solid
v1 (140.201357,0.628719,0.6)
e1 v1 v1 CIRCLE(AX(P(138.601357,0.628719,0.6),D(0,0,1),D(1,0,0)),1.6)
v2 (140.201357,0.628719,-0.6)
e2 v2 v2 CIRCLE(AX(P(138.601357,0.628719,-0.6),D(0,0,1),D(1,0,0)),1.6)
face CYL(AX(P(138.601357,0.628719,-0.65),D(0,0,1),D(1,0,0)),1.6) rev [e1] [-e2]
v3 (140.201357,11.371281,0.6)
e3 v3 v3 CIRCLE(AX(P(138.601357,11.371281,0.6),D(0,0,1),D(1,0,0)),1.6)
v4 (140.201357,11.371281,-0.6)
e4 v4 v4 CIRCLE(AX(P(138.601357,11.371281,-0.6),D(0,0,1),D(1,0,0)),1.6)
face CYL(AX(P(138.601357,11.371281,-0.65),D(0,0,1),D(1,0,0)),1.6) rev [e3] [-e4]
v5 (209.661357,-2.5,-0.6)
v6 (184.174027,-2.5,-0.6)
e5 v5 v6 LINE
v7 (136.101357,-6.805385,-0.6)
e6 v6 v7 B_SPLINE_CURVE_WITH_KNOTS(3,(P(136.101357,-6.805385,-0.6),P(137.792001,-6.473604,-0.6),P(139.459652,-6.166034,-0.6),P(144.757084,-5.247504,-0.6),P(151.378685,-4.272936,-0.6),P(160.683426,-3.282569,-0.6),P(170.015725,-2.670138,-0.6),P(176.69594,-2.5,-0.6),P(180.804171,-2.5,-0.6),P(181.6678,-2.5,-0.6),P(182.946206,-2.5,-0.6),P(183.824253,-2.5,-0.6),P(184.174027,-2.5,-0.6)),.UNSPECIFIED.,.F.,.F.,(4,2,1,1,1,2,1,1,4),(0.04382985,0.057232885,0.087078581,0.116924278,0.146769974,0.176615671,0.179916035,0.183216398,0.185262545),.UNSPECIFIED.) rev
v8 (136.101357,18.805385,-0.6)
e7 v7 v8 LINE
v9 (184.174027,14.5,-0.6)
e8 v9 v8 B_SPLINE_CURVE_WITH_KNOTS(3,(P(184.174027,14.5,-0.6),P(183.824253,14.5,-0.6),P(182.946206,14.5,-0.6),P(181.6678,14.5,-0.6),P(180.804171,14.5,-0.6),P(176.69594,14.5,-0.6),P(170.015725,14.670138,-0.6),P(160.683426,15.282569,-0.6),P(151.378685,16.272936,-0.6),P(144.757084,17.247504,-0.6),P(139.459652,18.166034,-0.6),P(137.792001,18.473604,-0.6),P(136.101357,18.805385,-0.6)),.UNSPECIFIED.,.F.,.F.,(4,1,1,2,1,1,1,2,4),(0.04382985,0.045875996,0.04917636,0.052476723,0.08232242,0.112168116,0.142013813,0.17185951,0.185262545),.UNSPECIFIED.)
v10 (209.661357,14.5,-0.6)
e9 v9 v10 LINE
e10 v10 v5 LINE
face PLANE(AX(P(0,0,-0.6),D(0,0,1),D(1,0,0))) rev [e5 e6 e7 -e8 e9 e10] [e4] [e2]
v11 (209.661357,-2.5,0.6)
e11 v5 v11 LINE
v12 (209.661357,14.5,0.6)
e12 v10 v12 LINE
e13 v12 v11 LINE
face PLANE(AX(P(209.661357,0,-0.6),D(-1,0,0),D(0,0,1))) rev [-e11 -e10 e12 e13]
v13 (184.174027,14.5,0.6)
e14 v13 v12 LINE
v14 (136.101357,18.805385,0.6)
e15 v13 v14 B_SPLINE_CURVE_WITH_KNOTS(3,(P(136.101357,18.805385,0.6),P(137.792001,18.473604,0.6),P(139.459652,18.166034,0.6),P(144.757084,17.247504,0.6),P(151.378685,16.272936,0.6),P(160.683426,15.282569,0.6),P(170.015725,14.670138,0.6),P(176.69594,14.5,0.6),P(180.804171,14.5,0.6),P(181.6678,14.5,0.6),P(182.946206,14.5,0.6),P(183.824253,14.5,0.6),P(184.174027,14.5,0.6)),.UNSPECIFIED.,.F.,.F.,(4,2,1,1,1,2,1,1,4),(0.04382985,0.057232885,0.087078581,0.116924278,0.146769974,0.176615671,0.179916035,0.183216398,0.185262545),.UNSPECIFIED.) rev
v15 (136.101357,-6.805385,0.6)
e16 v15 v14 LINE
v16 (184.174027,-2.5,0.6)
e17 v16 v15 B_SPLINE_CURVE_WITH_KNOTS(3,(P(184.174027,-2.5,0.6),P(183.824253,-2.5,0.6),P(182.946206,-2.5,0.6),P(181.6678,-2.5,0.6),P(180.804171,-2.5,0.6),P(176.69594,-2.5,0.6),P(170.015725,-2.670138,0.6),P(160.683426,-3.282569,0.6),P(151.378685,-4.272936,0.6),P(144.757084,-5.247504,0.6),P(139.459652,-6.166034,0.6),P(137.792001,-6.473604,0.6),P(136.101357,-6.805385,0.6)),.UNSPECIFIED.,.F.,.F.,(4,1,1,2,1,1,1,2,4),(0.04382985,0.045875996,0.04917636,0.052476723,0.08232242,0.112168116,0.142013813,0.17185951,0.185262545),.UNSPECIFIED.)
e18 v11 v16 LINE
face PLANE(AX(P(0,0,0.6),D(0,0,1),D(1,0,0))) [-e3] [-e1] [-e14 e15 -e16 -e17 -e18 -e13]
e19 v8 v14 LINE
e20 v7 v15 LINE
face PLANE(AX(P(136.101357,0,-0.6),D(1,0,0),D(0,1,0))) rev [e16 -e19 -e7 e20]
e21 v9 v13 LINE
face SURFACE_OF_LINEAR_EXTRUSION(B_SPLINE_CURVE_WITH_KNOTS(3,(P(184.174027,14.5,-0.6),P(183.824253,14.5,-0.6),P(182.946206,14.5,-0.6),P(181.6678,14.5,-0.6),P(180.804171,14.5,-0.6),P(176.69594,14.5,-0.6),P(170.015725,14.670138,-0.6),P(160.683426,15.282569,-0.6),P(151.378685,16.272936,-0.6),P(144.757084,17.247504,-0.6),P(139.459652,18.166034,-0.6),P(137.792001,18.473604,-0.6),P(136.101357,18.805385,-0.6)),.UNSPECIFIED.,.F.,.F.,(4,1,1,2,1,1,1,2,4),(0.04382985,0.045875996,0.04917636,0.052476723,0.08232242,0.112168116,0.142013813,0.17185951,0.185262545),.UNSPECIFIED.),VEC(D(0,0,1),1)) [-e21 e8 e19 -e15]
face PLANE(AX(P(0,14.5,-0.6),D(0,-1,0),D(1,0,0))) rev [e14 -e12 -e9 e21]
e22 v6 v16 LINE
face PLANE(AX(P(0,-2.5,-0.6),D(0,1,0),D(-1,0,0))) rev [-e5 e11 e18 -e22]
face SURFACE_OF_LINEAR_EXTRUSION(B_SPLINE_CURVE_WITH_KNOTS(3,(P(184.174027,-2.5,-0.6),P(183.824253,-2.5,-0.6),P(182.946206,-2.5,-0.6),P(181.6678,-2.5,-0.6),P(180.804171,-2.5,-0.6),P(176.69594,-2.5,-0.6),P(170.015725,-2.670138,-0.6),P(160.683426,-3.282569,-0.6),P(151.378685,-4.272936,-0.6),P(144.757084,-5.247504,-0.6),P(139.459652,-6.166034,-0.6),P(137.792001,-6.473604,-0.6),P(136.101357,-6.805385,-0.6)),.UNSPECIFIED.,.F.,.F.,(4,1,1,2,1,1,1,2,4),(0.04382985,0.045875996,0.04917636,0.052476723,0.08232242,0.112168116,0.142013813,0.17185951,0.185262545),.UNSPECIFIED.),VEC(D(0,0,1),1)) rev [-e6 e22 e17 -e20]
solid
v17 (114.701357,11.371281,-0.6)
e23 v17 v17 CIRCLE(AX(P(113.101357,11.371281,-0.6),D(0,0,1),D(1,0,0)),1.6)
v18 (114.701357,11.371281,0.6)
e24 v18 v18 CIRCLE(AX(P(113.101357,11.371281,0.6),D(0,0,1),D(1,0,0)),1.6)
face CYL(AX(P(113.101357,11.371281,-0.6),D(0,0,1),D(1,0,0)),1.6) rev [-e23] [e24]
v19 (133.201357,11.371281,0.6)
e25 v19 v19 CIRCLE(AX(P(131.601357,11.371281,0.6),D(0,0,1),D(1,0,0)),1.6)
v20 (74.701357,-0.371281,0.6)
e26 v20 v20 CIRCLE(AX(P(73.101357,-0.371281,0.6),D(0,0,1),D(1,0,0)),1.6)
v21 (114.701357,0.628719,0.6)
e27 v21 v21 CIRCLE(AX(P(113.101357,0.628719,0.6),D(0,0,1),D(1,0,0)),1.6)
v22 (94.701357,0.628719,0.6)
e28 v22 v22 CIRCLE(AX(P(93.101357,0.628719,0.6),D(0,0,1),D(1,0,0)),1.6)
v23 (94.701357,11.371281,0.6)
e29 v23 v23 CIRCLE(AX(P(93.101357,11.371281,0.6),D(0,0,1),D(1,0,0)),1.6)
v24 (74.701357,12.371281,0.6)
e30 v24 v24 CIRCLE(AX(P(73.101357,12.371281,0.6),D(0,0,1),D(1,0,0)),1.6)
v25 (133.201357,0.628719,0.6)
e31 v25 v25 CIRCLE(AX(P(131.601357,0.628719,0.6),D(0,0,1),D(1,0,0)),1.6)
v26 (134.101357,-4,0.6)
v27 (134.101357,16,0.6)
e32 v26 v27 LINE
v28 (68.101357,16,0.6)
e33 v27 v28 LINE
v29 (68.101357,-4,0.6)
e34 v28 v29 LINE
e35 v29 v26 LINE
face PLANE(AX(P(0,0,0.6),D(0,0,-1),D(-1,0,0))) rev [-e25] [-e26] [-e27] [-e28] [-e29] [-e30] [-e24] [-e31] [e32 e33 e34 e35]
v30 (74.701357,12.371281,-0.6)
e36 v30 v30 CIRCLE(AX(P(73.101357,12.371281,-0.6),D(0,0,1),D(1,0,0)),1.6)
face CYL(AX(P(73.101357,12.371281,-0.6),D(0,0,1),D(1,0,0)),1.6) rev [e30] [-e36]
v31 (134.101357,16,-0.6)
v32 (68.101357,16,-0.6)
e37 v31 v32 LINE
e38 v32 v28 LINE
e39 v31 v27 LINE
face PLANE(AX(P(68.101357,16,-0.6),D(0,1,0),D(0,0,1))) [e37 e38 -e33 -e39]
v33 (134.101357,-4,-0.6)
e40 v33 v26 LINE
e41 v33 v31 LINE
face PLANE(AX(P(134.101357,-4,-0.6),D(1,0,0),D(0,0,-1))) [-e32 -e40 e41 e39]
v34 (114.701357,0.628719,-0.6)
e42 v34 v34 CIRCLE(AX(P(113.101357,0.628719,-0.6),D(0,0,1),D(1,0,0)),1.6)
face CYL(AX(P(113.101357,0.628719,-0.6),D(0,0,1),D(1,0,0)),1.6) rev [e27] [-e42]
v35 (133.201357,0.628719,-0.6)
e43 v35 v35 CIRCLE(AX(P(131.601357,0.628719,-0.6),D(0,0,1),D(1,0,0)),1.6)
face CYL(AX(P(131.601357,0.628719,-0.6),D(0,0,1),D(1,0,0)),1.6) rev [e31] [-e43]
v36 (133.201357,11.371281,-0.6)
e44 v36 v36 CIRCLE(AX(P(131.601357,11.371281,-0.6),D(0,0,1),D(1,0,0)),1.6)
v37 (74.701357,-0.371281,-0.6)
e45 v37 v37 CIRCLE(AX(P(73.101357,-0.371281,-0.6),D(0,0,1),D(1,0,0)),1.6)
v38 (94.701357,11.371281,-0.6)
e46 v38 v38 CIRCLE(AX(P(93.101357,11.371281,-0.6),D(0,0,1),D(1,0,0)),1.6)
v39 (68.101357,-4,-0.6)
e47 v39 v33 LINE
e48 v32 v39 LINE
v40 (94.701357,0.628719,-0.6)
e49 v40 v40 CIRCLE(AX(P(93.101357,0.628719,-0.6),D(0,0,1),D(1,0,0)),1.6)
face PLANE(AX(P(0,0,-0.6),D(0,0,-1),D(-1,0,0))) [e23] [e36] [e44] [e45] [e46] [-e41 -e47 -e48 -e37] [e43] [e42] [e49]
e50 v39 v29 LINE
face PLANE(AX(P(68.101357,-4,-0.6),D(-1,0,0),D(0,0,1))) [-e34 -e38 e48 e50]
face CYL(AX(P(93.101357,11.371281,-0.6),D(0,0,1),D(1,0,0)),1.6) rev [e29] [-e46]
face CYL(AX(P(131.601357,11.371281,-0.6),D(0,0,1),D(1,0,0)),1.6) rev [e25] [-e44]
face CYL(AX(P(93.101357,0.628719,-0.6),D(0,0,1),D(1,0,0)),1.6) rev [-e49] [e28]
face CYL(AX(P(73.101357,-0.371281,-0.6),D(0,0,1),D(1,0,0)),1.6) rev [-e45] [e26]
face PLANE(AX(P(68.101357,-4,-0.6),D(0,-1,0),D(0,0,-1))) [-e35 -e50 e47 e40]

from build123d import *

# Parameters (mm, degrees)
BOSS_EXTRUDE1_DEPTH      = 0.6
BOSS_EXTRUDE1_DEPTH_BACK = 0.6
BOSS_EXTRUDE2_DEPTH      = 0.6
BOSS_EXTRUDE2_DEPTH_BACK = 0.6
SKETCH3_W                = 65.999999997
SKETCH3_H                = 20
SKETCH3_R                = 1.6
CUT_EXTRUDE1_DEPTH       = 211.503888964
CUT_EXTRUDE1_DEPTH_BACK  = 211.503888964
SKETCH4_R                = 1.6


with BuildPart() as part:
    # Sketch2 → Boss-Extrude1 (new, two sides: drawn at the far end of the back side and taken through both)
    with BuildSketch(Plane.XY.offset(-BOSS_EXTRUDE1_DEPTH_BACK)):
        with BuildLine():
            Line((184.174027055, 14.5), (209.661357245, 14.5))
            Line((209.661357245, 14.5), (209.661357245, -2.5))
            Line((209.661357245, -2.5), (184.174027055, -2.5))
            add(Edge.make_bspline(
                [(184.174027055, -2.5), (183.824253427, -2.5), (182.946206391, -2.5), (181.667799963, -2.5), (180.804171148, -2.5), (176.695940371, -2.5), (170.015725267, -2.670138318), (160.683426305, -3.282569394), (151.378685364, -4.272936281), (144.757083805, -5.247503899), (139.459652196, -6.166033814), (137.792001296, -6.473604313), (136.101357245, -6.805384896)],
                knots=[0.04382985, 0.04382985, 0.04382985, 0.04382985, 0.045875996, 0.04917636, 0.052476723, 0.052476723, 0.08232242, 0.112168116, 0.142013813, 0.17185951, 0.17185951, 0.185262545, 0.185262545, 0.185262545, 0.185262545], degree=3))
            Line((136.101357245, -6.805384896), (136.101357245, 18.805384896))
            add(Edge.make_bspline(
                [(184.174027055, 14.5), (183.824253427, 14.5), (182.94620639, 14.5), (181.667799963, 14.5), (180.804171148, 14.5), (176.695940371, 14.5), (170.015725266, 14.670138318), (160.683426305, 15.282569394), (151.378685363, 16.272936281), (144.757083805, 17.247503899), (139.459652196, 18.166033814), (137.792001296, 18.473604313), (136.101357245, 18.805384896)],
                knots=[0.04382985, 0.04382985, 0.04382985, 0.04382985, 0.045875996, 0.04917636, 0.052476723, 0.052476723, 0.08232242, 0.112168116, 0.142013813, 0.17185951, 0.17185951, 0.185262545, 0.185262545, 0.185262545, 0.185262545], degree=3))
        make_face()
    extrude(amount=BOSS_EXTRUDE1_DEPTH + BOSS_EXTRUDE1_DEPTH_BACK)

    # Sketch4 → Cut-Extrude1 (cut, two sides: drawn at the far end of the back side and taken through both)
    with BuildSketch(Plane.XY.offset(-CUT_EXTRUDE1_DEPTH_BACK)):
        with Locations((138.601357245, 11.371281292)):
            Circle(SKETCH4_R)
        with Locations((138.601357245, 0.628718708)):
            Circle(SKETCH4_R)
    extrude(amount=CUT_EXTRUDE1_DEPTH + CUT_EXTRUDE1_DEPTH_BACK, mode=Mode.SUBTRACT)


with BuildPart() as body_2:
    # Sketch3 → Boss-Extrude2 (new, two sides: drawn at the far end of the back side and taken through both)
    with BuildSketch(Plane.XY.offset(-BOSS_EXTRUDE2_DEPTH_BACK)):
        with Locations((101.101357244, 6)):
            Rectangle(SKETCH3_W, SKETCH3_H)
        with Locations((73.101357245, 12.371281292)):
            Circle(SKETCH3_R, mode=Mode.SUBTRACT)
        with Locations((73.101357245, -0.371281292)):
            Circle(SKETCH3_R, mode=Mode.SUBTRACT)
        with Locations((93.101357245, 0.628718708)):
            Circle(SKETCH3_R, mode=Mode.SUBTRACT)
        with Locations((93.101357245, 11.371281292)):
            Circle(SKETCH3_R, mode=Mode.SUBTRACT)
        with Locations((131.601357245, 0.628718708)):
            Circle(SKETCH3_R, mode=Mode.SUBTRACT)
        with Locations((131.601357245, 11.371281292)):
            Circle(SKETCH3_R, mode=Mode.SUBTRACT)
        with Locations((113.101357245, 0.628718708)):
            Circle(SKETCH3_R, mode=Mode.SUBTRACT)
        with Locations((113.101357245, 11.371281292)):
            Circle(SKETCH3_R, mode=Mode.SUBTRACT)
    extrude(amount=BOSS_EXTRUDE2_DEPTH + BOSS_EXTRUDE2_DEPTH_BACK)


solid = Compound([part.part, body_2.part])
